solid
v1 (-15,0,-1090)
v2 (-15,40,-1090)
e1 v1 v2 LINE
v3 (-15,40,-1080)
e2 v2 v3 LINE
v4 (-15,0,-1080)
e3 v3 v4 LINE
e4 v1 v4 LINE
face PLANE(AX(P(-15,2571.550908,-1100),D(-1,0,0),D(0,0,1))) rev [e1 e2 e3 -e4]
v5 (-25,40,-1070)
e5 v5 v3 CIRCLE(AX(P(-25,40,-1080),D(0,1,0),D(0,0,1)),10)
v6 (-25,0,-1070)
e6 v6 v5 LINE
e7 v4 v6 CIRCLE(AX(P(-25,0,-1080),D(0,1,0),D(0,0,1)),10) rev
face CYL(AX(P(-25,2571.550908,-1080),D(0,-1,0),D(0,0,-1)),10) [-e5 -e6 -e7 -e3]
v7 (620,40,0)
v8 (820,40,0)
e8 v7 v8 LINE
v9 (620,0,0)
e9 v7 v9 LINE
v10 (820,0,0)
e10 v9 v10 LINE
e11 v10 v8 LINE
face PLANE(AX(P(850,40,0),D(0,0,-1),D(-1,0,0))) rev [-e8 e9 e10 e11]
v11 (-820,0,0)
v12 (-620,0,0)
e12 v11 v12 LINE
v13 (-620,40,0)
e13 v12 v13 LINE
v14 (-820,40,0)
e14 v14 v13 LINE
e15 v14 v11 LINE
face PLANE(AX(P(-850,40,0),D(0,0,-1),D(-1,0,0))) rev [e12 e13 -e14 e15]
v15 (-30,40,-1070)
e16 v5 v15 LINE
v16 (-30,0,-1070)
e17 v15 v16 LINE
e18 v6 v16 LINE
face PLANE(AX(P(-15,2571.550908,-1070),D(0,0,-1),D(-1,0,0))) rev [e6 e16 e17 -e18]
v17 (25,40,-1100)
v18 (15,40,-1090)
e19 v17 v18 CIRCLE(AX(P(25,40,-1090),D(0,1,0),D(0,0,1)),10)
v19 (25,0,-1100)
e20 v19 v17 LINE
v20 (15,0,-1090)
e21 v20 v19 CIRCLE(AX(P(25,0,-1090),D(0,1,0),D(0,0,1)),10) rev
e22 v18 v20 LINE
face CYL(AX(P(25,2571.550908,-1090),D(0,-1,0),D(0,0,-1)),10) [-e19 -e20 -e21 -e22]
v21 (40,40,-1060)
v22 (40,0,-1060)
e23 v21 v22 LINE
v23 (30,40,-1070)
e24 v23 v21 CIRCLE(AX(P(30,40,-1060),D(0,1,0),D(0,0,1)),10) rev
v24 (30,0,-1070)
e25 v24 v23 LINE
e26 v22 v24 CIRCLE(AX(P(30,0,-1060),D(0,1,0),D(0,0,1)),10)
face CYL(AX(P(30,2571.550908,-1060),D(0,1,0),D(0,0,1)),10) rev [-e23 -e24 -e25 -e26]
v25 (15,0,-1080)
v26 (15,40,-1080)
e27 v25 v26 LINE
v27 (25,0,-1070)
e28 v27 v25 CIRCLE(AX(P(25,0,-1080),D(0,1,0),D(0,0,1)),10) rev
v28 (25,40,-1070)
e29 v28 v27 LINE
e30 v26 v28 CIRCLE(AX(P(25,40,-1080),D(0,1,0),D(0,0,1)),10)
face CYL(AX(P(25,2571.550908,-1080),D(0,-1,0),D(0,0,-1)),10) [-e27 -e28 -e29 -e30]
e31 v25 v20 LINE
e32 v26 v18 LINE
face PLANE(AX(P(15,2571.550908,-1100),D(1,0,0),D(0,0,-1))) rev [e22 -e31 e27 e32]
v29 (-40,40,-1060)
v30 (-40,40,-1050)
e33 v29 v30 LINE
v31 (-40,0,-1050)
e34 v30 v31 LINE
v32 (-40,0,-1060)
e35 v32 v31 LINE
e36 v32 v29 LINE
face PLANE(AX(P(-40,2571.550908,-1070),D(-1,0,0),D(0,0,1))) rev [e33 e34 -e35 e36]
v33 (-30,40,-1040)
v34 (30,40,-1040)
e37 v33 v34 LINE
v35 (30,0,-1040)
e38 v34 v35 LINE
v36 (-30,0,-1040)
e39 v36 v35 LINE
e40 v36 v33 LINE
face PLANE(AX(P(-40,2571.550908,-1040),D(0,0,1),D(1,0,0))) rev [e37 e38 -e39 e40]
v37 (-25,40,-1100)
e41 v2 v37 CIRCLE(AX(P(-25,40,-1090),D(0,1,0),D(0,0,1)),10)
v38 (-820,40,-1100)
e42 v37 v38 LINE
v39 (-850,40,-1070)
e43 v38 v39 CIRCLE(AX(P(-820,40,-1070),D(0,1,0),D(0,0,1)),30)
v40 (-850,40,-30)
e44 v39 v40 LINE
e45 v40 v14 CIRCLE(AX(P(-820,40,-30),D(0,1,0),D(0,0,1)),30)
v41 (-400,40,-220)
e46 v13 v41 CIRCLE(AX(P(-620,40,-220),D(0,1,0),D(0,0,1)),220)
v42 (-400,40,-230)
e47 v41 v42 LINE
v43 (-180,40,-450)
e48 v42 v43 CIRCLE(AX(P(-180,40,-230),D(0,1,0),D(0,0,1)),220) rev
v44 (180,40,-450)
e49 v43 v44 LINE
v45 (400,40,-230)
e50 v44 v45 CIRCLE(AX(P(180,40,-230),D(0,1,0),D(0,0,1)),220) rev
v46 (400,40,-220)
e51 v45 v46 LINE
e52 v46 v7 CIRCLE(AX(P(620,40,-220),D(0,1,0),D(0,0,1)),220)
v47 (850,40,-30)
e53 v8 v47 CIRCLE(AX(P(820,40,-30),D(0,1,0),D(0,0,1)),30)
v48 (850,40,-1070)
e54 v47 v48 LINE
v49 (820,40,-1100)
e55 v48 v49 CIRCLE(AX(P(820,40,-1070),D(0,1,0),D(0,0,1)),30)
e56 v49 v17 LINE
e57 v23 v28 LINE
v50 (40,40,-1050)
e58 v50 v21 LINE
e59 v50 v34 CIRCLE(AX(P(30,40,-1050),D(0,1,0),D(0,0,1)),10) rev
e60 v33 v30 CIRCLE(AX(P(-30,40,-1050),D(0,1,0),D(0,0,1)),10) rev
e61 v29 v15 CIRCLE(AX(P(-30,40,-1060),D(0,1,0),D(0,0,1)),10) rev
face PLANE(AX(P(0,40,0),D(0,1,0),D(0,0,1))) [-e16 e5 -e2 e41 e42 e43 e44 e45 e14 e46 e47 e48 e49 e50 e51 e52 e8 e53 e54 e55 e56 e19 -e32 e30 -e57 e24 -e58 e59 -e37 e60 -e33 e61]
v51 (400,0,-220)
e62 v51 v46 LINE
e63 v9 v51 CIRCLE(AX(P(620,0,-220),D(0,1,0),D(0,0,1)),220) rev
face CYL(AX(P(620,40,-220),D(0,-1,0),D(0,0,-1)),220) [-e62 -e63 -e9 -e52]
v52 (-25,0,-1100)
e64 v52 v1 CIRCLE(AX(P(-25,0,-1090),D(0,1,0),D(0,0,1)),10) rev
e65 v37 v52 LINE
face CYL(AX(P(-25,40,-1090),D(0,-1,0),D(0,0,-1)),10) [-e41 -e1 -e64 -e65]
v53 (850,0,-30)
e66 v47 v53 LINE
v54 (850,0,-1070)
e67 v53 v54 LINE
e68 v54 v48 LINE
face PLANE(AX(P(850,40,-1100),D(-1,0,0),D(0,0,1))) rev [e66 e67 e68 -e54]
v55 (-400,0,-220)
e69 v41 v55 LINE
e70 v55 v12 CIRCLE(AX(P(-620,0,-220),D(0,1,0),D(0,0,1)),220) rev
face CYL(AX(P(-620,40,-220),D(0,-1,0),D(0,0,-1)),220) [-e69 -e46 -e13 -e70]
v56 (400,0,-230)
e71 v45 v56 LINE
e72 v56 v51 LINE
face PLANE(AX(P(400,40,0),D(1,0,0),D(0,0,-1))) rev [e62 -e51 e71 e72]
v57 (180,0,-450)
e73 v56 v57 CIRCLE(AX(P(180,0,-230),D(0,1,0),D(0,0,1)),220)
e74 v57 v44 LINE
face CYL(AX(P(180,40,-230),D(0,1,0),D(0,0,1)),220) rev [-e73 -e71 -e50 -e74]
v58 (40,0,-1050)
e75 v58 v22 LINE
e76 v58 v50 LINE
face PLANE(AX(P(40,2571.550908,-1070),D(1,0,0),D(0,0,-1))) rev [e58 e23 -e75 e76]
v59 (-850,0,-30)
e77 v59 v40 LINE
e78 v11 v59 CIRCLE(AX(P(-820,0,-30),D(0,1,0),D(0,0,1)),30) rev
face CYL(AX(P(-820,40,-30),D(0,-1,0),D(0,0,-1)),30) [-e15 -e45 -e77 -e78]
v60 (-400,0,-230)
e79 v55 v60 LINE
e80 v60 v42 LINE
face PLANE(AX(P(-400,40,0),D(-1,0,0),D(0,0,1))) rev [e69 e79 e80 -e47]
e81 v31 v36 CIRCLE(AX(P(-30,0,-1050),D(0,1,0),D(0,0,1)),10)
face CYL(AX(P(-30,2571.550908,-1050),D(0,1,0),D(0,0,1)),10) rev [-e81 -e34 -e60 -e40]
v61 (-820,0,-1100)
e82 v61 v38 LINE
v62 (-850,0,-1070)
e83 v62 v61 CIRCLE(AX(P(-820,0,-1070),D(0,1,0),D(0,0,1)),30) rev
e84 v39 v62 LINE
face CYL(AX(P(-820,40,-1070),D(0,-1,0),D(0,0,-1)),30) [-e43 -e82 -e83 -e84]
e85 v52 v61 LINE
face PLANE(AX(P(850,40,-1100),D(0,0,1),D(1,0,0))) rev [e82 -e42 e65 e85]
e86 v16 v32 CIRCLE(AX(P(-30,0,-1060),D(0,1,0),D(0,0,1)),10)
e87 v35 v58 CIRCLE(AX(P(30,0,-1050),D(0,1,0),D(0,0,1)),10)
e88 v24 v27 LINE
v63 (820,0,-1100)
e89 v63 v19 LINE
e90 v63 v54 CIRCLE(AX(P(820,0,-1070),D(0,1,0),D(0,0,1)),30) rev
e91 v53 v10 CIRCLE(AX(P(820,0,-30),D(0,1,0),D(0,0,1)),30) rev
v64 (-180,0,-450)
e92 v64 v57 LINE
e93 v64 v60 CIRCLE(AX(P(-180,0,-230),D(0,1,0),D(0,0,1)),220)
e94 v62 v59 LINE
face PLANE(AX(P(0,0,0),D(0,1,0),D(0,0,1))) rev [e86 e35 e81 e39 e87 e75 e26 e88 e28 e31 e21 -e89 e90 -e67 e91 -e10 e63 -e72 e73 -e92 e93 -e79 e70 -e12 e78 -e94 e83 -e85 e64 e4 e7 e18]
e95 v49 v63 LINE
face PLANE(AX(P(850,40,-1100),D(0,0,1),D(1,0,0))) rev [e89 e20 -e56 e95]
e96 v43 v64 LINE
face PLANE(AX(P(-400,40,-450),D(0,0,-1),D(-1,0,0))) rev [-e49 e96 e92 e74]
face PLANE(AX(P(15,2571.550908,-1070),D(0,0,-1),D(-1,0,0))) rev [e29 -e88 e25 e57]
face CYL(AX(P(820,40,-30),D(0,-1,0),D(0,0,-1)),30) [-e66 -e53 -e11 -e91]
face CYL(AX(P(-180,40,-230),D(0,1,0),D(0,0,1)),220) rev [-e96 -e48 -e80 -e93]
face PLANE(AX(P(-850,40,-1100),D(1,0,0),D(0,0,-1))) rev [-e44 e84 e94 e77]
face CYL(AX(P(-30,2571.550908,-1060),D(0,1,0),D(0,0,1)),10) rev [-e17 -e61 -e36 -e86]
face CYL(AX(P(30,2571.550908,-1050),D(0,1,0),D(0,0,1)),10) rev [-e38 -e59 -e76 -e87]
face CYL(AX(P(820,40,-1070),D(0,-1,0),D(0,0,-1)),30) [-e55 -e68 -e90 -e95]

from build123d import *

# Parameters (mm, degrees)
BOSS_EXTRUDE1_DEPTH     = 40
FILLET1_R               = 220
FILLET2_R               = 30
CUT_EXTRUDE1_DEPTH      = 1391.71923838
CUT_EXTRUDE1_DEPTH_BACK = 1391.71923838
FILLET3_R               = 10


with BuildPart() as part:
    # Sketch1 → Boss-Extrude1 (new body)
    with BuildSketch(Plane(origin=(0, 0, 0), x_dir=(1, 0, 0), z_dir=(0, 1, 0))):
        Polygon((850, 1100), (-850, 1100), (-850, 0), (-400, 0), (-400, 450), (400, 450), (400, 0), (850, 0), align=None)
    extrude(amount=BOSS_EXTRUDE1_DEPTH)

    # Fillet1
    fillet1_edges = [part.edges().sort_by_distance(p)[0] for p in [
        (-400, 20, -450),
        (-400, 20, 0),
        (400, 20, 0),
        (400, 20, -450),
    ]]
    fillet(fillet1_edges, radius=FILLET1_R)

    # Fillet2
    fillet2_edges = [part.edges().sort_by_distance(p)[0] for p in [
        (-850, 20, 0),
        (-850, 20, -1100),
        (850, 20, -1100),
        (850, 20, 0),
    ]]
    fillet(fillet2_edges, radius=FILLET2_R)

    # Sketch2 → Cut-Extrude1 (cut, two sides: drawn at the far end of the back side and taken through both)
    with BuildSketch(Plane(origin=(0, 40, 0), x_dir=(1, 0, 0), z_dir=(0, 1, 0)).offset(-CUT_EXTRUDE1_DEPTH_BACK)):
        Polygon((-15, 3908.73185568), (-15, 1100), (-15, 1070), (-40, 1070), (-40, 1040), (40, 1040), (40, 1070), (15, 1070), (15, 1100), (15, 3908.73185568), (15, 9526.195567041), (-15, 9526.195567041), align=None)
    extrude(amount=CUT_EXTRUDE1_DEPTH + CUT_EXTRUDE1_DEPTH_BACK, mode=Mode.SUBTRACT)

    # Fillet3
    fillet3_edges = [part.edges().sort_by_distance(p)[0] for p in [
        (-15, 20, -1070),
        (-40, 20, -1070),
        (-40, 20, -1040),
        (40, 20, -1040),
        (40, 20, -1070),
        (15, 20, -1070),
        (15, 20, -1100),
        (-15, 20, -1100),
    ]]
    fillet(fillet3_edges, radius=FILLET3_R)


solid = part.part
